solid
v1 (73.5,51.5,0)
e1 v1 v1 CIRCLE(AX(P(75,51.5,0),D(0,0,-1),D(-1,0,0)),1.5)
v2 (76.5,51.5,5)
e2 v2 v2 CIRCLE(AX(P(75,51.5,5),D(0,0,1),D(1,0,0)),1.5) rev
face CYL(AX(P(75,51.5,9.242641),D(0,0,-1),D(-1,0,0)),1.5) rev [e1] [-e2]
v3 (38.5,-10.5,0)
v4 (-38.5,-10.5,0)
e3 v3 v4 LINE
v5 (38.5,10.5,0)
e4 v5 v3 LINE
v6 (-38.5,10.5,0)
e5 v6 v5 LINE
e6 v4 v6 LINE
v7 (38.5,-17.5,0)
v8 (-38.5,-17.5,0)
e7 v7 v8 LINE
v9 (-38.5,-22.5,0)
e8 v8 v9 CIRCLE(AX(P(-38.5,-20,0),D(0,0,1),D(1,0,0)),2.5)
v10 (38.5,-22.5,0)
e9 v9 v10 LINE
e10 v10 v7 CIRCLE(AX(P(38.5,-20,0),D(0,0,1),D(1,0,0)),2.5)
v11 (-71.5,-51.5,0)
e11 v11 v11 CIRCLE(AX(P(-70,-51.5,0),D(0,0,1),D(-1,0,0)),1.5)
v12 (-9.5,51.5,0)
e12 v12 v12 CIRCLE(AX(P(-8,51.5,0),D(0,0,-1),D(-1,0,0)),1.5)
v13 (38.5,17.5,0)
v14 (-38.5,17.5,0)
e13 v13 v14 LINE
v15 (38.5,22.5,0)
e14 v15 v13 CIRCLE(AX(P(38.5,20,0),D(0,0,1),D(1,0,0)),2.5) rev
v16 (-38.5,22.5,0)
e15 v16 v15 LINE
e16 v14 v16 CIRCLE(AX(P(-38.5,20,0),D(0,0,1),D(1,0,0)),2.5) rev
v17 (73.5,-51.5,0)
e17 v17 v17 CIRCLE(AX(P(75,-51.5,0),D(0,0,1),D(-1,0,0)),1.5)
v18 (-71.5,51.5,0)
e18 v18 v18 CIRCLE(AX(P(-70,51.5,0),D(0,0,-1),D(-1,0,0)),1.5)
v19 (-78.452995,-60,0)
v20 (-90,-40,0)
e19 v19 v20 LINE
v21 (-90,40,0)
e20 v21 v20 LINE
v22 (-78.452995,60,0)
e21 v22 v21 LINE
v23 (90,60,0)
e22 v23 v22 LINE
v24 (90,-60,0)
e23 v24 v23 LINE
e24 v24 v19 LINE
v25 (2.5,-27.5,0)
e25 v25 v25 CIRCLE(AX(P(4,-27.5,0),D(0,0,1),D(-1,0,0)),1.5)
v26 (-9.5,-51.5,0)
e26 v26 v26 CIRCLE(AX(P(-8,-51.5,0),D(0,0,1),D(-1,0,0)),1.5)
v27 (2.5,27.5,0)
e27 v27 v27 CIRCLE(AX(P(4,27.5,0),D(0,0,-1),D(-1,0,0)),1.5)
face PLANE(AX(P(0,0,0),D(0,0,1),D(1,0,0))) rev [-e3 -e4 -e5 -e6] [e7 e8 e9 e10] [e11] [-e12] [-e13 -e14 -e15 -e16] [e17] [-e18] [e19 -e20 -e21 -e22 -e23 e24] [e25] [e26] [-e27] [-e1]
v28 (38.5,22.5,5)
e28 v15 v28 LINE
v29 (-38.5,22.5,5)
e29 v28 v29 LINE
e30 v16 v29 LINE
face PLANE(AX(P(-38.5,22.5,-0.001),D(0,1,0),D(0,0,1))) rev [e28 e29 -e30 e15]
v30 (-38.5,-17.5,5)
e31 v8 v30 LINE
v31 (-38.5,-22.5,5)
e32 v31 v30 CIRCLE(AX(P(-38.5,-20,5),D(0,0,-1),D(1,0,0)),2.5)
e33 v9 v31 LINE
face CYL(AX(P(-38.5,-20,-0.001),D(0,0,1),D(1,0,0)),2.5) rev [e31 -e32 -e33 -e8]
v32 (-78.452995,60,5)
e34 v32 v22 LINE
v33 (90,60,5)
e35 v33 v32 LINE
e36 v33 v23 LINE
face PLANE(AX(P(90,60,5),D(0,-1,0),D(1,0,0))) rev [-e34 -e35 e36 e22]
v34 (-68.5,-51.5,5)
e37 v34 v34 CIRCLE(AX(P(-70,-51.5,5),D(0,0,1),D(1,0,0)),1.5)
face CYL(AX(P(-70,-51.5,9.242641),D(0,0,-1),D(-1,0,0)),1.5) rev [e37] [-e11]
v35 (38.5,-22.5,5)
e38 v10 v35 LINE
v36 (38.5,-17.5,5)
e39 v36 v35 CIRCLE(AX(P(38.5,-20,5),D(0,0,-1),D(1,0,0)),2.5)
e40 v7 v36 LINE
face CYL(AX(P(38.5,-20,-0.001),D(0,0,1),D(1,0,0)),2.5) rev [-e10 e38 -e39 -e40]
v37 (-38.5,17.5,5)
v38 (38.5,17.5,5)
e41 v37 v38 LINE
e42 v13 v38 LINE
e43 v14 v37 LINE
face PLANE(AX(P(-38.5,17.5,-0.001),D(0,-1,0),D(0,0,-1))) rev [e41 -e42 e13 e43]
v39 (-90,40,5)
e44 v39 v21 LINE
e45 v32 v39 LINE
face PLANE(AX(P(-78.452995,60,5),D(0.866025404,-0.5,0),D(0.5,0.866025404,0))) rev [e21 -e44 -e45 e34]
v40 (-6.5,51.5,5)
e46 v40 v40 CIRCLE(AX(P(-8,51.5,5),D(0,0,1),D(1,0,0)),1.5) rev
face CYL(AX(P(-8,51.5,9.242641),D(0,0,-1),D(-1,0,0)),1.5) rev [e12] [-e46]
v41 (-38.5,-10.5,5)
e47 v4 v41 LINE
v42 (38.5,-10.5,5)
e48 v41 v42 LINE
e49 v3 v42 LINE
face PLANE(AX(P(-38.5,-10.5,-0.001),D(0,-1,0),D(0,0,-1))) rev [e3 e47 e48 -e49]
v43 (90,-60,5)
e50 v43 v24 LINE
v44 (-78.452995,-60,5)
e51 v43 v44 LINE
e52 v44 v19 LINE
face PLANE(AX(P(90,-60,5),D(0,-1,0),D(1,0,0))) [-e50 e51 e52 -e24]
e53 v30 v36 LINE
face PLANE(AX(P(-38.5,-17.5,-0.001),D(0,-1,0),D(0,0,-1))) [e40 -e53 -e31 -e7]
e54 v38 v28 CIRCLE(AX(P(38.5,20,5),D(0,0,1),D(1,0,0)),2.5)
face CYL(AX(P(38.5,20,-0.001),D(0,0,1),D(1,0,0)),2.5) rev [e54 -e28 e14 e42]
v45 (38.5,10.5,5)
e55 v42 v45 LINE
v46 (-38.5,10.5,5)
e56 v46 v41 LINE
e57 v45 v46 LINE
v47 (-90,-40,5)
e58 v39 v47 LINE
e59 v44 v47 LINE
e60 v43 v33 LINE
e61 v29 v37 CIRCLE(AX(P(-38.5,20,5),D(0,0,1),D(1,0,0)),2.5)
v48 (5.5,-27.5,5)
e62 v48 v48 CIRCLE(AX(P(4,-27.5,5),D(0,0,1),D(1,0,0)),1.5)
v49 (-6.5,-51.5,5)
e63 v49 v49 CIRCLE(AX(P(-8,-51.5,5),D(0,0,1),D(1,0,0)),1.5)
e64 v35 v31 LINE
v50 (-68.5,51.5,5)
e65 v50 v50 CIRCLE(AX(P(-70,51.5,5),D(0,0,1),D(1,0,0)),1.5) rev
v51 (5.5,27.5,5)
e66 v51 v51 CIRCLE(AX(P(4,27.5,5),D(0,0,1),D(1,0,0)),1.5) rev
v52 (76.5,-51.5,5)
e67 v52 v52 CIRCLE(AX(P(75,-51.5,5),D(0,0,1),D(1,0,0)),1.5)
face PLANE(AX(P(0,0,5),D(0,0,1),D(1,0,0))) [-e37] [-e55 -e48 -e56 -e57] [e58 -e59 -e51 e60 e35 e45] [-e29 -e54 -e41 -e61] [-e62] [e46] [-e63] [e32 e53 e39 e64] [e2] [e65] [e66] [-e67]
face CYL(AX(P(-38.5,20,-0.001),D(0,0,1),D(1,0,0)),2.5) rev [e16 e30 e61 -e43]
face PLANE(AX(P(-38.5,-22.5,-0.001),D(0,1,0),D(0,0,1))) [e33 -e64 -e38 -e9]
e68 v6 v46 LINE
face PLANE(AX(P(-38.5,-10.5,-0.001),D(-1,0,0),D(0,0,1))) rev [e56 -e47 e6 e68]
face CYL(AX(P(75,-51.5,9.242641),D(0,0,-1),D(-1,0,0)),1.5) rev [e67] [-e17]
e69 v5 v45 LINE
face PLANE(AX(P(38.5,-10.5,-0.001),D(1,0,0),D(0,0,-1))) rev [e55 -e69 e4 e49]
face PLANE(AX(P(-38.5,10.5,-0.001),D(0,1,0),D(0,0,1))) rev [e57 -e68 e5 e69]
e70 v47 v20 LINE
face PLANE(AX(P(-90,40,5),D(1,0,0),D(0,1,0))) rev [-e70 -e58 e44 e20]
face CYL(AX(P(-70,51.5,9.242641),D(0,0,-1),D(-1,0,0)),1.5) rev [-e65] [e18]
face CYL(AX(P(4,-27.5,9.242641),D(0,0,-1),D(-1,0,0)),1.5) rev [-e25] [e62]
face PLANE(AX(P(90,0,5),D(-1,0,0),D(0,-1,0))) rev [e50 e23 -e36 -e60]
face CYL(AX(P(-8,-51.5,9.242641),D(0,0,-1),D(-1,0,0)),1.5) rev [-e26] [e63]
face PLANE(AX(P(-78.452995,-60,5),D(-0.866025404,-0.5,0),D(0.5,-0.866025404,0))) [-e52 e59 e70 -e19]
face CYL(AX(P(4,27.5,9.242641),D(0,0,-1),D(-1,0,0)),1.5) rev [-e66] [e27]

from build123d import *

# Parameters (mm, degrees)
BOSS_EXTRU_1_DEPTH      = 5
ENL_V_MAT_EXTRU_1_REACH = 110.282
ESQUISSE2_W             = 77
ESQUISSE2_H             = 21
ENL_V_MAT_EXTRU_2_REACH = 110.282
ESQUISSE4_R             = 1.5
ENL_V_MAT_EXTRU_3_DEPTH = 5


with BuildPart() as part:
    # Esquisse1 → Boss.-Extru.1 (new body)
    with BuildSketch(Plane.XY):
        Polygon((-90, 0), (90, 0), (90, 60), (-78.452994616, 60), (-90, 40), align=None)
    boss_extru_1 = extrude(amount=BOSS_EXTRU_1_DEPTH)

    # Symétrie1: Boss.-Extru.1 across Top Plane
    add(boss_extru_1.mirror(Plane(origin=(0, 0, 0), x_dir=(1, 0, 0), z_dir=(0, 1, 0))))

    # Esquisse2 → Enlèv. mat.-Extru.1 (cut, up to next)
    with BuildSketch(Plane.XY.offset(5), mode=Mode.PRIVATE) as enl_v_mat_extru_1_sk1:
        Rectangle(ESQUISSE2_W, ESQUISSE2_H)
    enl_v_mat_extru_1_tool1 = extrude(enl_v_mat_extru_1_sk1.sketch, amount=-ENL_V_MAT_EXTRU_1_REACH, mode=Mode.PRIVATE) & part.part
    add(enl_v_mat_extru_1_tool1.solids().sort_by_distance((0, 0, 5))[0], mode=Mode.SUBTRACT)

    # Esquisse3 → Enlèv. mat.-Extru.2 (cut, up to next)
    with BuildSketch(Plane.XY.offset(5), mode=Mode.PRIVATE) as enl_v_mat_extru_2_sk1:
        with BuildLine():
            Line((-38.5, 22.5), (38.5, 22.5))
            ThreePointArc((38.5, 22.5), (41, 20), (38.5, 17.5))
            Line((38.5, 17.5), (-38.5, 17.5))
            ThreePointArc((-38.5, 17.5), (-41, 20), (-38.5, 22.5))
        make_face()
    enl_v_mat_extru_2_tool1 = extrude(enl_v_mat_extru_2_sk1.sketch, amount=-ENL_V_MAT_EXTRU_2_REACH, mode=Mode.PRIVATE) & part.part
    enl_v_mat_extru_2 = enl_v_mat_extru_2_tool1.solids().sort_by_distance((0, 20, 5))[0]
    add(enl_v_mat_extru_2, mode=Mode.SUBTRACT)

    # Esquisse4 → Enlèv. mat.-Extru.3 (cut)
    with BuildSketch(Plane(origin=(0, 0, 0), x_dir=(-1, 0, 0), z_dir=(0, 0, -1))):
        with Locations((-75, 51.5)):
            Circle(ESQUISSE4_R)
        with Locations((8, 51.5)):
            Circle(ESQUISSE4_R)
        with Locations((70, 51.5)):
            Circle(ESQUISSE4_R)
        with Locations((-4, 27.5)):
            Circle(ESQUISSE4_R)
    enl_v_mat_extru_3 = extrude(amount=-ENL_V_MAT_EXTRU_3_DEPTH, mode=Mode.SUBTRACT)

    # Symétrie2: Enlèv. mat.-Extru.3 across plane
    add(enl_v_mat_extru_3.mirror(Plane.ZX), mode=Mode.SUBTRACT)

    # Symétrie3: Enlèv. mat.-Extru.2 across plane
    add(enl_v_mat_extru_2.mirror(Plane.ZX), mode=Mode.SUBTRACT)


solid = part.part
